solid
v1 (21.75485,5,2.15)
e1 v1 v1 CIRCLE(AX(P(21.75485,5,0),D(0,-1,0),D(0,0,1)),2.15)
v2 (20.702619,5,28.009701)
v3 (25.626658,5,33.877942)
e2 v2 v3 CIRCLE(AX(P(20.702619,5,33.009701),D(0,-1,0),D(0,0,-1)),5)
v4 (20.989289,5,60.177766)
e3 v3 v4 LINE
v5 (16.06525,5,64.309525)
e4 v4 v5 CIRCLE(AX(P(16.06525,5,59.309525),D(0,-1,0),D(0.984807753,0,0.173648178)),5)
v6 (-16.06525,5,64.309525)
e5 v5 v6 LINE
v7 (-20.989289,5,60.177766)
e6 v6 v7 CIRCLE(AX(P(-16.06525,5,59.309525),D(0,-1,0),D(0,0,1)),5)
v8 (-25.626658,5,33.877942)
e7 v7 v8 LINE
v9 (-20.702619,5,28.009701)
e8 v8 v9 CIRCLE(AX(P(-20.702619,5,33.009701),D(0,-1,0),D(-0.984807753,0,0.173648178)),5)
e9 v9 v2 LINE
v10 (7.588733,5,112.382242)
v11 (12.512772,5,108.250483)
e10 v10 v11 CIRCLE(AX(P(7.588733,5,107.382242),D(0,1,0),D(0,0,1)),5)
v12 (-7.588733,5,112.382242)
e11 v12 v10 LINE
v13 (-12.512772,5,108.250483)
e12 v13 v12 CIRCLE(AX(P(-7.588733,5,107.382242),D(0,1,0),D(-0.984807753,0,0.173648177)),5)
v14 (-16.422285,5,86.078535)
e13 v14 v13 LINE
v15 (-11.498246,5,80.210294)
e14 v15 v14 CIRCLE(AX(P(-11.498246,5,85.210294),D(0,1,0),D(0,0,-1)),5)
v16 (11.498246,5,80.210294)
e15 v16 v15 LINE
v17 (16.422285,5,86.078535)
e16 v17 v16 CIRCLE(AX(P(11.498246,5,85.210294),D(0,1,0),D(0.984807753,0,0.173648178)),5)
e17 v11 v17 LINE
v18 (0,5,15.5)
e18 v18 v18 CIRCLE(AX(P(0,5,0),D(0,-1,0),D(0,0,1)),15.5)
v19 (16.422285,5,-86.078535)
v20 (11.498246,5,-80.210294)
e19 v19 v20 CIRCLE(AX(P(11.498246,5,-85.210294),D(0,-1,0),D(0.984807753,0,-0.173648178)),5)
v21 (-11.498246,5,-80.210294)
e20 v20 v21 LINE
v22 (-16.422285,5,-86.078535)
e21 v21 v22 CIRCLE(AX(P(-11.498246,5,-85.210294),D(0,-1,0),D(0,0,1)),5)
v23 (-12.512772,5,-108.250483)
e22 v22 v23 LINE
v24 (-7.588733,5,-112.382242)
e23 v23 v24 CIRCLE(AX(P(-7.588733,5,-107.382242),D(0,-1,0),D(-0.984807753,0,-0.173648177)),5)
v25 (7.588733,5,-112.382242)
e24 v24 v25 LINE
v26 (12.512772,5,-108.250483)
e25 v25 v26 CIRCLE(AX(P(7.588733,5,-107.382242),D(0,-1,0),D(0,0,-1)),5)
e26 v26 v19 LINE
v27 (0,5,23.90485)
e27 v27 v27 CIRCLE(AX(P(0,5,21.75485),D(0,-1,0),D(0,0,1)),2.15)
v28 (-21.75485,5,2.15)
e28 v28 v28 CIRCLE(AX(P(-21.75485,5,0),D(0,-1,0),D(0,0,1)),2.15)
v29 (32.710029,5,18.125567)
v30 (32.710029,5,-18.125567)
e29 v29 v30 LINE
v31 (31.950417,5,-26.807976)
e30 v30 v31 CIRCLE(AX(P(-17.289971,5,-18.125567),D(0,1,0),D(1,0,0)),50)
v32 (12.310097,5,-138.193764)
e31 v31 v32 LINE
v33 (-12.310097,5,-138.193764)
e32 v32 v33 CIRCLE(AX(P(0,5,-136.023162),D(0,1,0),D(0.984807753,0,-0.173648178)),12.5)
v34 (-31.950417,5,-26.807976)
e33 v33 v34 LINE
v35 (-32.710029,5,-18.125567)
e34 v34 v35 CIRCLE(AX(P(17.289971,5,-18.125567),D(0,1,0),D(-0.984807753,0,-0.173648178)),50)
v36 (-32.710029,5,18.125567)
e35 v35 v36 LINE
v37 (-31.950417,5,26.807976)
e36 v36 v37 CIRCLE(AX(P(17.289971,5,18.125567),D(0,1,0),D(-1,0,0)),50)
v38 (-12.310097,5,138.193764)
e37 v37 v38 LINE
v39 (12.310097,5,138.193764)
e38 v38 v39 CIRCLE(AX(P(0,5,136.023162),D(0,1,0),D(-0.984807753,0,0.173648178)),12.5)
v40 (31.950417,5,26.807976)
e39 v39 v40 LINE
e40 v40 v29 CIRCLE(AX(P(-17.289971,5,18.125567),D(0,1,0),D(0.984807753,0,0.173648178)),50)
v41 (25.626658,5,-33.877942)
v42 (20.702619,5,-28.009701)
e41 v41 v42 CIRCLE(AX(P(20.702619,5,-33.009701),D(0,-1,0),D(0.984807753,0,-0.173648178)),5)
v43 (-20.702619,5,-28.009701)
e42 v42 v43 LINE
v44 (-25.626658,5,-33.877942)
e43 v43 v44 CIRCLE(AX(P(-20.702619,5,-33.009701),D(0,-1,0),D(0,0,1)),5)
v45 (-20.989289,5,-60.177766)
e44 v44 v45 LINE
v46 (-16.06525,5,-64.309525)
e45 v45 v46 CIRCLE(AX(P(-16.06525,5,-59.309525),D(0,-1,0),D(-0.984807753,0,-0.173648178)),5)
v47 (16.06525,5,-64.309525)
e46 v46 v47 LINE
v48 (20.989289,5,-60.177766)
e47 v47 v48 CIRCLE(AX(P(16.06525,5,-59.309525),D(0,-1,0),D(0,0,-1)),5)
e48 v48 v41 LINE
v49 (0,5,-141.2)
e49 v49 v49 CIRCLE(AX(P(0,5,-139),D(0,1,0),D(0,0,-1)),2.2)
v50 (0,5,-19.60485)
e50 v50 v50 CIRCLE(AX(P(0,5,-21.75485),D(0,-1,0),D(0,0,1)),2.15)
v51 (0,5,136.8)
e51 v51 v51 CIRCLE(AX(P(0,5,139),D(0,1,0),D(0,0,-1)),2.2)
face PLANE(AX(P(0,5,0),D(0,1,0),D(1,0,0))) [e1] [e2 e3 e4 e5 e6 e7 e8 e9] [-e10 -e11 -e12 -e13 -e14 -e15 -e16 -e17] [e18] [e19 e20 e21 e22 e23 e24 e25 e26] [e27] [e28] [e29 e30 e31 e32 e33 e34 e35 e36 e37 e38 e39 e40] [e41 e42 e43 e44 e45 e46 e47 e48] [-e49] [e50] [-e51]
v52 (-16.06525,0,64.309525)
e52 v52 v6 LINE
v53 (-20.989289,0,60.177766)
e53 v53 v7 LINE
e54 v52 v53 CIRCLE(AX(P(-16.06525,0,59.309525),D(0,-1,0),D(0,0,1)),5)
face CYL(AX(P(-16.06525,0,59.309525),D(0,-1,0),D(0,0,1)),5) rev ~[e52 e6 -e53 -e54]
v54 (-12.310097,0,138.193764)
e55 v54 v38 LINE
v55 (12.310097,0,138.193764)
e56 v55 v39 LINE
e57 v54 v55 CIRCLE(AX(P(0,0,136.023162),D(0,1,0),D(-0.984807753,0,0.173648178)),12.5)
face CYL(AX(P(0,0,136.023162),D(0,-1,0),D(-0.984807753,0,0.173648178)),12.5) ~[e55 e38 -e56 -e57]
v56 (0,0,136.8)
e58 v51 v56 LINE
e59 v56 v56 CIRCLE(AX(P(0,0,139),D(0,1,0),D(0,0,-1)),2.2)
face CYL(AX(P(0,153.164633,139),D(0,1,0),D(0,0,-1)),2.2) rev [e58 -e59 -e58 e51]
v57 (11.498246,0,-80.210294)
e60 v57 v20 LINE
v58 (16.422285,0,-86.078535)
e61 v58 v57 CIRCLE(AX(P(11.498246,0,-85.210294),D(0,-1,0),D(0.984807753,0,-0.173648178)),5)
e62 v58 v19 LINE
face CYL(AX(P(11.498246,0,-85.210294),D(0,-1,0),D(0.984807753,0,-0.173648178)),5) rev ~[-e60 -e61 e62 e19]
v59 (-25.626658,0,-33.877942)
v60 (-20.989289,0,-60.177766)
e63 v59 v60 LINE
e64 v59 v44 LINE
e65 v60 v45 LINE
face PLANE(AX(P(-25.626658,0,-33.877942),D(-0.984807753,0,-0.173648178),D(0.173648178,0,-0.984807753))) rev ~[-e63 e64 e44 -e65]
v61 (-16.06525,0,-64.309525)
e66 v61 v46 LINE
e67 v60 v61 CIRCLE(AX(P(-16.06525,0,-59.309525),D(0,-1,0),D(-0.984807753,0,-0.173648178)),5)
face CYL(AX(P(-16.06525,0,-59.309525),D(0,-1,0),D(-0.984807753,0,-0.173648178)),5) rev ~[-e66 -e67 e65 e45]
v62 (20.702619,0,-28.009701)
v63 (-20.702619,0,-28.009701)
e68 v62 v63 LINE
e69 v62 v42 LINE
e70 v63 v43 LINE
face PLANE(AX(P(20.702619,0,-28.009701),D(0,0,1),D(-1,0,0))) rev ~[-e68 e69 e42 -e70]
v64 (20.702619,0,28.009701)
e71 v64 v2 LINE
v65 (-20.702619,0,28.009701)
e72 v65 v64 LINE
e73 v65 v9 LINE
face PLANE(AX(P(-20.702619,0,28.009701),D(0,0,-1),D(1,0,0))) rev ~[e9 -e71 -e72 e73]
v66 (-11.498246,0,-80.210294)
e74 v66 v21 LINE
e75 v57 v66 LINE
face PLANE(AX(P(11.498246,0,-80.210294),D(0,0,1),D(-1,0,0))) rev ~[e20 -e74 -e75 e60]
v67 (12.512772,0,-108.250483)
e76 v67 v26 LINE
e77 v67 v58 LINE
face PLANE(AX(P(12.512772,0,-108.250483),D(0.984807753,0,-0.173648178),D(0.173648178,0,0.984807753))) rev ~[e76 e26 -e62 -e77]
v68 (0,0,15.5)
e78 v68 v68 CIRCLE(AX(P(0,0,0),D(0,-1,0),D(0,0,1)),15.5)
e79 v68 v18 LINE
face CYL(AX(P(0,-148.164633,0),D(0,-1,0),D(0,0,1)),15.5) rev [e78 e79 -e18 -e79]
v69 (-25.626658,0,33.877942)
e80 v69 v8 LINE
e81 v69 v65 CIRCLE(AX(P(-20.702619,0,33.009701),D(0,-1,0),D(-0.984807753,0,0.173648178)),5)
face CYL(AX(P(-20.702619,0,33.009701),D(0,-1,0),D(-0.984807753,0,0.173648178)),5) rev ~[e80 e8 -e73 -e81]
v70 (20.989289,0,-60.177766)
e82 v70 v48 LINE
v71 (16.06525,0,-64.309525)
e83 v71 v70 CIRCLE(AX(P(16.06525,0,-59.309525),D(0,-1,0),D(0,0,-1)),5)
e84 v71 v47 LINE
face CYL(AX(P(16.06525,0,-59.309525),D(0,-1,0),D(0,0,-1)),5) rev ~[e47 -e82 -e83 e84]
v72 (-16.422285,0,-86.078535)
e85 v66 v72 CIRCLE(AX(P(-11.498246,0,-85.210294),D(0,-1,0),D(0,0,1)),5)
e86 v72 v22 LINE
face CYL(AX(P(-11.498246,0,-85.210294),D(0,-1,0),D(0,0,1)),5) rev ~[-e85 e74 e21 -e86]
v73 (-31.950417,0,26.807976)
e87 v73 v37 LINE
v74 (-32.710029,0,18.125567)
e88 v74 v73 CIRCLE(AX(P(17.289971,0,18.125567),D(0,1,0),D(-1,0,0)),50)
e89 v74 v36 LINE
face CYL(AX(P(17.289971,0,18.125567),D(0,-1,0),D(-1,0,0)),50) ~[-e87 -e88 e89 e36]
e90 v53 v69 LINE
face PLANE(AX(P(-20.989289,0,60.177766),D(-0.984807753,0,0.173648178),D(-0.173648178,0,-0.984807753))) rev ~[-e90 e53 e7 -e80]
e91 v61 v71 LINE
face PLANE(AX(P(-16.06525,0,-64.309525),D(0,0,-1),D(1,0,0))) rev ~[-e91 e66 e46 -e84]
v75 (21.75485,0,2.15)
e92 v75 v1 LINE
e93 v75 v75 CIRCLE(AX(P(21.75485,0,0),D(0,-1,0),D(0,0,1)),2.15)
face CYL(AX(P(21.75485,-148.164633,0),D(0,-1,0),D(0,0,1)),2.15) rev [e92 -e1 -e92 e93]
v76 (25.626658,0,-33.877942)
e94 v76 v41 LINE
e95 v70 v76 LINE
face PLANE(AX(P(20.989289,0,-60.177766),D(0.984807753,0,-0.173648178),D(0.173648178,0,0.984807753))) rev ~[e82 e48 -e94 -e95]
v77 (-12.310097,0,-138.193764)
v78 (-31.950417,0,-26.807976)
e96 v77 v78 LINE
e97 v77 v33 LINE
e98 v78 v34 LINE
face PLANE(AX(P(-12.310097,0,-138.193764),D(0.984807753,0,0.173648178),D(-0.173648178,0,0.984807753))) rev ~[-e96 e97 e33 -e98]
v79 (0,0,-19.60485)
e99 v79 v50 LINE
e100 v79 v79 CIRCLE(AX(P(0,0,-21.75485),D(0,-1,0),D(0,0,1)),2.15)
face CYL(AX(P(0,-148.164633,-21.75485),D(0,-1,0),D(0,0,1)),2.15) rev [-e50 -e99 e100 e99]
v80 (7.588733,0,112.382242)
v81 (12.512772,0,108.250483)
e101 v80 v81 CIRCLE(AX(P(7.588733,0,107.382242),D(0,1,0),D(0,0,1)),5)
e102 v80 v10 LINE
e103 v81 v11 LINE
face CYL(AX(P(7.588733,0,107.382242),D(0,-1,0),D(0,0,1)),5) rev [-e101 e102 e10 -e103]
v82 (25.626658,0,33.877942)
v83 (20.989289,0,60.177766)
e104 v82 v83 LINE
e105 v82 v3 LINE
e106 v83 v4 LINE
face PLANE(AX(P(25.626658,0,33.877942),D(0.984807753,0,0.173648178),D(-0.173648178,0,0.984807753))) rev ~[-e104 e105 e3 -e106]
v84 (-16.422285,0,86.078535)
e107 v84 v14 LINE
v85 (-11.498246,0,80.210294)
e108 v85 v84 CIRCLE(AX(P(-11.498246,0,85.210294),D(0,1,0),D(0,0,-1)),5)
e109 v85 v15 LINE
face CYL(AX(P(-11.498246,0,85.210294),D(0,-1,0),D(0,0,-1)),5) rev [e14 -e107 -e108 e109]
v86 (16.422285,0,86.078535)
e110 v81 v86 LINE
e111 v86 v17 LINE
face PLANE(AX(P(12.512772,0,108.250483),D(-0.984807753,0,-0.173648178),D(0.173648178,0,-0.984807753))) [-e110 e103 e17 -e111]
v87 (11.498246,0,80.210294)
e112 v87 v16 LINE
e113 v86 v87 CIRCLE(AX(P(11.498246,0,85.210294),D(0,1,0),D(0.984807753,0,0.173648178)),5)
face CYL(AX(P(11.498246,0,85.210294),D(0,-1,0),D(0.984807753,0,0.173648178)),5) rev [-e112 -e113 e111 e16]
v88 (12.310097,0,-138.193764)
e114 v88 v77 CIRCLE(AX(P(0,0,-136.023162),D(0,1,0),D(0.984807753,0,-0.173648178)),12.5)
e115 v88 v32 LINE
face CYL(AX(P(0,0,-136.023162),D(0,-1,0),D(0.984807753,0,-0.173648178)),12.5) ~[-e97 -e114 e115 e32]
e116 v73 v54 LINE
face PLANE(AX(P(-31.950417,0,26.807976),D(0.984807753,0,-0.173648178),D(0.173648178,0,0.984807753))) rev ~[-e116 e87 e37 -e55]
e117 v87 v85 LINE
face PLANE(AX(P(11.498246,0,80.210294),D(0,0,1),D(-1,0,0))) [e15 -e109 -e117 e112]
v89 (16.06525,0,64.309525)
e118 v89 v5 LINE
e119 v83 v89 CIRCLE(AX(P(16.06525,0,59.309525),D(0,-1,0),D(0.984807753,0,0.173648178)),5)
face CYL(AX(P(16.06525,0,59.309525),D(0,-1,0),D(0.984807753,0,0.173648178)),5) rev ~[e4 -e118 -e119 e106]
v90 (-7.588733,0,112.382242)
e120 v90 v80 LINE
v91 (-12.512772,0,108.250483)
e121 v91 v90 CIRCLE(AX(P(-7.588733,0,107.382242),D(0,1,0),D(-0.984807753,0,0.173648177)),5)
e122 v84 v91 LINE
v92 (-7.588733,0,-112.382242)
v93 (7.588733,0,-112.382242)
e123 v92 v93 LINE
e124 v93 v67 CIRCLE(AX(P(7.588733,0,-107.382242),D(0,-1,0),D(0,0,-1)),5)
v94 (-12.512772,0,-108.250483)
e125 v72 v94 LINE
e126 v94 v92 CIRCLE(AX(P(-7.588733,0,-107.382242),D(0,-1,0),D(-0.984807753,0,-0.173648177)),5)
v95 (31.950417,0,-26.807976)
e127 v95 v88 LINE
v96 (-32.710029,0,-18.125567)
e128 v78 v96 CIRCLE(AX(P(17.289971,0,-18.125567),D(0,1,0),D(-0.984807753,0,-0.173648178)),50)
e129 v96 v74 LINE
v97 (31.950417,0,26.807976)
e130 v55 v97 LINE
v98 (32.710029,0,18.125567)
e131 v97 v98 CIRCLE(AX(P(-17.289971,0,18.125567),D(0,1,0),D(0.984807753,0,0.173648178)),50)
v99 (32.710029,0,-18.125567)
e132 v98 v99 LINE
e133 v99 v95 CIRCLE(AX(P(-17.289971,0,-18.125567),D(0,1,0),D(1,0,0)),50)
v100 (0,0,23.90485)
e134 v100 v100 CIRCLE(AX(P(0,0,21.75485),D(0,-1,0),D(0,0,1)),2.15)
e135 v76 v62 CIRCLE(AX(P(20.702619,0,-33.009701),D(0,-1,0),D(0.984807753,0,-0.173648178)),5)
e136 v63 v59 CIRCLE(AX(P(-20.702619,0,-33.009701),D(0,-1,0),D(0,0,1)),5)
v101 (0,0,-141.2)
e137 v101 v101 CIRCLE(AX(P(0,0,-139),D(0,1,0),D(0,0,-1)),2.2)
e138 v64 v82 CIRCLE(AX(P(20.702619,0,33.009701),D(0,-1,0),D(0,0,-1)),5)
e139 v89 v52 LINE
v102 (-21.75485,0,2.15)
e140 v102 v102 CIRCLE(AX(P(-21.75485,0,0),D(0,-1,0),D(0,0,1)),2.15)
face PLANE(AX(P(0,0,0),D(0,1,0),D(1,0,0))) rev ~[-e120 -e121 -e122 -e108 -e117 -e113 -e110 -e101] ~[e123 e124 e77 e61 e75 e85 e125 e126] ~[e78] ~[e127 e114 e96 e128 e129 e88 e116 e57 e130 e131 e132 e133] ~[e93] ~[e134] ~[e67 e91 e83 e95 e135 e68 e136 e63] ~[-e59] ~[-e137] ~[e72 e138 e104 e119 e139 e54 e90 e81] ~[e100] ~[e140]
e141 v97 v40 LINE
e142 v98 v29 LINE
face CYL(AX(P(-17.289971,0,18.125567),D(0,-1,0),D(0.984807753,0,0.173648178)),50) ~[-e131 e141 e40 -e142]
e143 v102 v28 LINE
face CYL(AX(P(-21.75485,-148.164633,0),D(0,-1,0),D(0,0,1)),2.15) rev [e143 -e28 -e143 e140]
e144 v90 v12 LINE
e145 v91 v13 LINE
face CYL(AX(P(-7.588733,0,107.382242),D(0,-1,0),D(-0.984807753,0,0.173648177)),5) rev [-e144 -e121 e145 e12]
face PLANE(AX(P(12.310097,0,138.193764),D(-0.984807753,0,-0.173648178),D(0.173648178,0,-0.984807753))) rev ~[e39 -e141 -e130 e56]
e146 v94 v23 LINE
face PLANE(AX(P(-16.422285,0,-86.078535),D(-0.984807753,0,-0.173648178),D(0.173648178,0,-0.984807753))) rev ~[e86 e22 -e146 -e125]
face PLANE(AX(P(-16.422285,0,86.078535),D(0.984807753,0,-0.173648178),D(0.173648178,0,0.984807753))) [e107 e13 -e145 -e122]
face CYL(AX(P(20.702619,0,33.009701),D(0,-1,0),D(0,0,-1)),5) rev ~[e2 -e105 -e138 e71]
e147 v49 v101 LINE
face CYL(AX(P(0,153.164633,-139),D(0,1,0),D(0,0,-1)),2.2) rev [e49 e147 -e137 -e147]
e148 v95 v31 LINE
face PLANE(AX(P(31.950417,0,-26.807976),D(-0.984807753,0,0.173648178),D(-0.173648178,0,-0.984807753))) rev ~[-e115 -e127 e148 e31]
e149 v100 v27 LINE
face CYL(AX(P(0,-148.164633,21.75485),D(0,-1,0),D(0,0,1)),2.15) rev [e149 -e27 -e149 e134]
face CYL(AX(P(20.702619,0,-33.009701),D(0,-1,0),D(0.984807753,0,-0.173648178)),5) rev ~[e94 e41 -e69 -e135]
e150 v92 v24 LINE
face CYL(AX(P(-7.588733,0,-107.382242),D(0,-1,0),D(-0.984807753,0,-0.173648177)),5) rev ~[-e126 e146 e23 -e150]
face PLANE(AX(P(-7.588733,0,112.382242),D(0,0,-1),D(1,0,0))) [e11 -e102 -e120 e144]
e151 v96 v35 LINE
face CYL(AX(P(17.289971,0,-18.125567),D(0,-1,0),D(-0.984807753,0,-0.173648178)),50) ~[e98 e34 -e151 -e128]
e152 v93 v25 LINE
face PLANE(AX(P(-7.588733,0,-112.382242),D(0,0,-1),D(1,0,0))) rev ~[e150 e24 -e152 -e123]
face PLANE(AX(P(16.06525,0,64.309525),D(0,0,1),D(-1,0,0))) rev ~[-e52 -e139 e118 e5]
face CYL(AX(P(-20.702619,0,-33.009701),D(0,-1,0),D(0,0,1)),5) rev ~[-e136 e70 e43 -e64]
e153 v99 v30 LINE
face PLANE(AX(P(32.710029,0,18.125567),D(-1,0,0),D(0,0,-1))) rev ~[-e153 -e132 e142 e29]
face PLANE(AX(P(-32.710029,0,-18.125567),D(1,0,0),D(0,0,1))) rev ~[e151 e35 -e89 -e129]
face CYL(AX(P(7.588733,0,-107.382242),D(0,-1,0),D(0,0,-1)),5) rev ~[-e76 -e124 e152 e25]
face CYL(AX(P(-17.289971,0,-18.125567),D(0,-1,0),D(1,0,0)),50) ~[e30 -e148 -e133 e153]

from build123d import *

# Parameters (mm, degrees)
BOSS_EXTRUDE1_DEPTH     = 5
CUT_EXTRUDE1_DEPTH      = 153.164632892
CUT_EXTRUDE1_DEPTH_BACK = 153.164632892
SKETCH2_R               = 15.5
SKETCH2_R_2             = 2.15
CUT_EXTRUDE2_DEPTH      = 153.164632892
CUT_EXTRUDE2_DEPTH_BACK = 153.164632892
SKETCH3_R               = 2.2


with BuildPart() as part:
    # Sketch1 → Boss-Extrude1 (new body)
    with BuildSketch(Plane(origin=(0, 0, 0), x_dir=(1, 0, 0), z_dir=(0, 1, 0))):
        with BuildLine():
            Line((-12.310096913, 138.193763743), (-31.950416611, 26.807975707))
            ThreePointArc((-31.950416611, 26.807975707), (-32.519763865, 22.483353961), (-32.71002896, 18.125566824))
            Line((-32.71002896, 18.125566824), (-32.71002896, -18.125566824))
            ThreePointArc((-32.71002896, -18.125566824), (-32.519763865, -22.483353961), (-31.950416611, -26.807975707))
            Line((-31.950416611, -26.807975707), (-12.310096913, -138.193763743))
            ThreePointArc((-12.310096913, -138.193763743), (0, -148.523161522), (12.310096913, -138.193763743))
            Line((12.310096913, -138.193763743), (31.950416611, -26.807975707))
            ThreePointArc((31.950416611, -26.807975707), (32.519763865, -22.483353961), (32.71002896, -18.125566824))
            Line((32.71002896, -18.125566824), (32.71002896, 18.125566824))
            ThreePointArc((32.71002896, 18.125566824), (32.519763865, 22.483353961), (31.950416611, 26.807975707))
            Line((31.950416611, 26.807975707), (12.310096913, 138.193763743))
            ThreePointArc((12.310096913, 138.193763743), (0, 148.523161522), (-12.310096913, 138.193763743))
        make_face()
        with BuildLine():
            Line((12.512772117, 108.250483124), (16.422284735, 86.078535291))
            ThreePointArc((16.422284735, 86.078535291), (15.328468186, 81.996356354), (11.49824597, 80.210294402))
            Line((11.49824597, 80.210294402), (-11.49824597, 80.210294402))
            ThreePointArc((-11.49824597, 80.210294402), (-15.328468186, 81.996356354), (-16.422284735, 86.078535291))
            Line((-16.422284735, 86.078535291), (-12.512772117, 108.250483124))
            ThreePointArc((-12.512772117, 108.250483124), (-10.802671401, 111.212464452), (-7.588733352, 112.382242236))
            Line((-7.588733352, 112.382242236), (7.588733352, 112.382242236))
            ThreePointArc((7.588733352, 112.382242236), (10.802671401, 111.212464452), (12.512772117, 108.250483124))
        make_face(mode=Mode.SUBTRACT)
        with BuildLine():
            Line((-16.065250357, 64.309525453), (16.065250357, 64.309525453))
            ThreePointArc((16.065250357, 64.309525453), (19.279188405, 63.139747668), (20.989289122, 60.177766341))
            Line((20.989289122, 60.177766341), (25.626657813, 33.877941591))
            ThreePointArc((25.626657813, 33.877941591), (24.532841264, 29.795762655), (20.702619048, 28.009700703))
            Line((20.702619048, 28.009700703), (-20.702619048, 28.009700703))
            ThreePointArc((-20.702619048, 28.009700703), (-24.532841264, 29.795762655), (-25.626657813, 33.877941591))
            Line((-25.626657813, 33.877941591), (-20.989289122, 60.177766341))
            ThreePointArc((-20.989289122, 60.177766341), (-19.279188405, 63.139747668), (-16.065250357, 64.309525453))
        make_face(mode=Mode.SUBTRACT)
        with BuildLine():
            Line((-7.588733352, -112.382242236), (7.588733352, -112.382242236))
            ThreePointArc((7.588733352, -112.382242236), (10.802671401, -111.212464452), (12.512772117, -108.250483124))
            Line((12.512772117, -108.250483124), (16.422284735, -86.078535291))
            ThreePointArc((16.422284735, -86.078535291), (15.328468186, -81.996356354), (11.49824597, -80.210294402))
            Line((11.49824597, -80.210294402), (-11.49824597, -80.210294402))
            ThreePointArc((-11.49824597, -80.210294402), (-15.328468186, -81.996356354), (-16.422284735, -86.078535291))
            Line((-16.422284735, -86.078535291), (-12.512772117, -108.250483124))
            ThreePointArc((-12.512772117, -108.250483124), (-10.802671401, -111.212464452), (-7.588733352, -112.382242236))
        make_face(mode=Mode.SUBTRACT)
        with BuildLine():
            Line((-20.989289122, -60.177766341), (-25.626657813, -33.877941591))
            ThreePointArc((-25.626657813, -33.877941591), (-24.532841264, -29.795762655), (-20.702619048, -28.009700703))
            Line((-20.702619048, -28.009700703), (20.702619048, -28.009700703))
            ThreePointArc((20.702619048, -28.009700703), (24.532841264, -29.795762655), (25.626657813, -33.877941591))
            Line((25.626657813, -33.877941591), (20.989289122, -60.177766341))
            ThreePointArc((20.989289122, -60.177766341), (19.279188405, -63.139747668), (16.065250357, -64.309525453))
            Line((16.065250357, -64.309525453), (-16.065250357, -64.309525453))
            ThreePointArc((-16.065250357, -64.309525453), (-19.279188405, -63.139747668), (-20.989289122, -60.177766341))
        make_face(mode=Mode.SUBTRACT)
    extrude(amount=BOSS_EXTRUDE1_DEPTH)

    # Sketch2 → Cut-Extrude1 (cut, two sides: drawn at the far end of the back side and taken through both)
    with BuildSketch(Plane(origin=(0, 5, 0), x_dir=(1, 0, 0), z_dir=(0, 1, 0)).offset(-CUT_EXTRUDE1_DEPTH_BACK)):
        with Locations(Location((0, 0, 0), (0, 0, 270))):
            Circle(SKETCH2_R)
        with Locations(Location((0, 21.754850352, 0), (0, 0, 270))):
            Circle(SKETCH2_R_2)
        with Locations(Location((21.754850352, 0, 0), (0, 0, 270))):
            Circle(SKETCH2_R_2)
        with Locations(Location((0, -21.754850352, 0), (0, 0, 270))):
            Circle(SKETCH2_R_2)
        with Locations(Location((-21.754850352, 0, 0), (0, 0, 270))):
            Circle(SKETCH2_R_2)
    extrude(amount=CUT_EXTRUDE1_DEPTH + CUT_EXTRUDE1_DEPTH_BACK, mode=Mode.SUBTRACT)

    # Sketch3 → Cut-Extrude2 (cut, two sides: drawn at the far end of the back side and taken through both)
    with BuildSketch(Plane.XZ.offset(-CUT_EXTRUDE2_DEPTH_BACK)):
        with Locations(Location((0, -139, 0), (0, 0, 270))):
            Circle(SKETCH3_R)
        with Locations(Location((0, 139, 0), (0, 0, 270))):
            Circle(SKETCH3_R)
    extrude(amount=CUT_EXTRUDE2_DEPTH + CUT_EXTRUDE2_DEPTH_BACK, mode=Mode.SUBTRACT)


solid = part.part
